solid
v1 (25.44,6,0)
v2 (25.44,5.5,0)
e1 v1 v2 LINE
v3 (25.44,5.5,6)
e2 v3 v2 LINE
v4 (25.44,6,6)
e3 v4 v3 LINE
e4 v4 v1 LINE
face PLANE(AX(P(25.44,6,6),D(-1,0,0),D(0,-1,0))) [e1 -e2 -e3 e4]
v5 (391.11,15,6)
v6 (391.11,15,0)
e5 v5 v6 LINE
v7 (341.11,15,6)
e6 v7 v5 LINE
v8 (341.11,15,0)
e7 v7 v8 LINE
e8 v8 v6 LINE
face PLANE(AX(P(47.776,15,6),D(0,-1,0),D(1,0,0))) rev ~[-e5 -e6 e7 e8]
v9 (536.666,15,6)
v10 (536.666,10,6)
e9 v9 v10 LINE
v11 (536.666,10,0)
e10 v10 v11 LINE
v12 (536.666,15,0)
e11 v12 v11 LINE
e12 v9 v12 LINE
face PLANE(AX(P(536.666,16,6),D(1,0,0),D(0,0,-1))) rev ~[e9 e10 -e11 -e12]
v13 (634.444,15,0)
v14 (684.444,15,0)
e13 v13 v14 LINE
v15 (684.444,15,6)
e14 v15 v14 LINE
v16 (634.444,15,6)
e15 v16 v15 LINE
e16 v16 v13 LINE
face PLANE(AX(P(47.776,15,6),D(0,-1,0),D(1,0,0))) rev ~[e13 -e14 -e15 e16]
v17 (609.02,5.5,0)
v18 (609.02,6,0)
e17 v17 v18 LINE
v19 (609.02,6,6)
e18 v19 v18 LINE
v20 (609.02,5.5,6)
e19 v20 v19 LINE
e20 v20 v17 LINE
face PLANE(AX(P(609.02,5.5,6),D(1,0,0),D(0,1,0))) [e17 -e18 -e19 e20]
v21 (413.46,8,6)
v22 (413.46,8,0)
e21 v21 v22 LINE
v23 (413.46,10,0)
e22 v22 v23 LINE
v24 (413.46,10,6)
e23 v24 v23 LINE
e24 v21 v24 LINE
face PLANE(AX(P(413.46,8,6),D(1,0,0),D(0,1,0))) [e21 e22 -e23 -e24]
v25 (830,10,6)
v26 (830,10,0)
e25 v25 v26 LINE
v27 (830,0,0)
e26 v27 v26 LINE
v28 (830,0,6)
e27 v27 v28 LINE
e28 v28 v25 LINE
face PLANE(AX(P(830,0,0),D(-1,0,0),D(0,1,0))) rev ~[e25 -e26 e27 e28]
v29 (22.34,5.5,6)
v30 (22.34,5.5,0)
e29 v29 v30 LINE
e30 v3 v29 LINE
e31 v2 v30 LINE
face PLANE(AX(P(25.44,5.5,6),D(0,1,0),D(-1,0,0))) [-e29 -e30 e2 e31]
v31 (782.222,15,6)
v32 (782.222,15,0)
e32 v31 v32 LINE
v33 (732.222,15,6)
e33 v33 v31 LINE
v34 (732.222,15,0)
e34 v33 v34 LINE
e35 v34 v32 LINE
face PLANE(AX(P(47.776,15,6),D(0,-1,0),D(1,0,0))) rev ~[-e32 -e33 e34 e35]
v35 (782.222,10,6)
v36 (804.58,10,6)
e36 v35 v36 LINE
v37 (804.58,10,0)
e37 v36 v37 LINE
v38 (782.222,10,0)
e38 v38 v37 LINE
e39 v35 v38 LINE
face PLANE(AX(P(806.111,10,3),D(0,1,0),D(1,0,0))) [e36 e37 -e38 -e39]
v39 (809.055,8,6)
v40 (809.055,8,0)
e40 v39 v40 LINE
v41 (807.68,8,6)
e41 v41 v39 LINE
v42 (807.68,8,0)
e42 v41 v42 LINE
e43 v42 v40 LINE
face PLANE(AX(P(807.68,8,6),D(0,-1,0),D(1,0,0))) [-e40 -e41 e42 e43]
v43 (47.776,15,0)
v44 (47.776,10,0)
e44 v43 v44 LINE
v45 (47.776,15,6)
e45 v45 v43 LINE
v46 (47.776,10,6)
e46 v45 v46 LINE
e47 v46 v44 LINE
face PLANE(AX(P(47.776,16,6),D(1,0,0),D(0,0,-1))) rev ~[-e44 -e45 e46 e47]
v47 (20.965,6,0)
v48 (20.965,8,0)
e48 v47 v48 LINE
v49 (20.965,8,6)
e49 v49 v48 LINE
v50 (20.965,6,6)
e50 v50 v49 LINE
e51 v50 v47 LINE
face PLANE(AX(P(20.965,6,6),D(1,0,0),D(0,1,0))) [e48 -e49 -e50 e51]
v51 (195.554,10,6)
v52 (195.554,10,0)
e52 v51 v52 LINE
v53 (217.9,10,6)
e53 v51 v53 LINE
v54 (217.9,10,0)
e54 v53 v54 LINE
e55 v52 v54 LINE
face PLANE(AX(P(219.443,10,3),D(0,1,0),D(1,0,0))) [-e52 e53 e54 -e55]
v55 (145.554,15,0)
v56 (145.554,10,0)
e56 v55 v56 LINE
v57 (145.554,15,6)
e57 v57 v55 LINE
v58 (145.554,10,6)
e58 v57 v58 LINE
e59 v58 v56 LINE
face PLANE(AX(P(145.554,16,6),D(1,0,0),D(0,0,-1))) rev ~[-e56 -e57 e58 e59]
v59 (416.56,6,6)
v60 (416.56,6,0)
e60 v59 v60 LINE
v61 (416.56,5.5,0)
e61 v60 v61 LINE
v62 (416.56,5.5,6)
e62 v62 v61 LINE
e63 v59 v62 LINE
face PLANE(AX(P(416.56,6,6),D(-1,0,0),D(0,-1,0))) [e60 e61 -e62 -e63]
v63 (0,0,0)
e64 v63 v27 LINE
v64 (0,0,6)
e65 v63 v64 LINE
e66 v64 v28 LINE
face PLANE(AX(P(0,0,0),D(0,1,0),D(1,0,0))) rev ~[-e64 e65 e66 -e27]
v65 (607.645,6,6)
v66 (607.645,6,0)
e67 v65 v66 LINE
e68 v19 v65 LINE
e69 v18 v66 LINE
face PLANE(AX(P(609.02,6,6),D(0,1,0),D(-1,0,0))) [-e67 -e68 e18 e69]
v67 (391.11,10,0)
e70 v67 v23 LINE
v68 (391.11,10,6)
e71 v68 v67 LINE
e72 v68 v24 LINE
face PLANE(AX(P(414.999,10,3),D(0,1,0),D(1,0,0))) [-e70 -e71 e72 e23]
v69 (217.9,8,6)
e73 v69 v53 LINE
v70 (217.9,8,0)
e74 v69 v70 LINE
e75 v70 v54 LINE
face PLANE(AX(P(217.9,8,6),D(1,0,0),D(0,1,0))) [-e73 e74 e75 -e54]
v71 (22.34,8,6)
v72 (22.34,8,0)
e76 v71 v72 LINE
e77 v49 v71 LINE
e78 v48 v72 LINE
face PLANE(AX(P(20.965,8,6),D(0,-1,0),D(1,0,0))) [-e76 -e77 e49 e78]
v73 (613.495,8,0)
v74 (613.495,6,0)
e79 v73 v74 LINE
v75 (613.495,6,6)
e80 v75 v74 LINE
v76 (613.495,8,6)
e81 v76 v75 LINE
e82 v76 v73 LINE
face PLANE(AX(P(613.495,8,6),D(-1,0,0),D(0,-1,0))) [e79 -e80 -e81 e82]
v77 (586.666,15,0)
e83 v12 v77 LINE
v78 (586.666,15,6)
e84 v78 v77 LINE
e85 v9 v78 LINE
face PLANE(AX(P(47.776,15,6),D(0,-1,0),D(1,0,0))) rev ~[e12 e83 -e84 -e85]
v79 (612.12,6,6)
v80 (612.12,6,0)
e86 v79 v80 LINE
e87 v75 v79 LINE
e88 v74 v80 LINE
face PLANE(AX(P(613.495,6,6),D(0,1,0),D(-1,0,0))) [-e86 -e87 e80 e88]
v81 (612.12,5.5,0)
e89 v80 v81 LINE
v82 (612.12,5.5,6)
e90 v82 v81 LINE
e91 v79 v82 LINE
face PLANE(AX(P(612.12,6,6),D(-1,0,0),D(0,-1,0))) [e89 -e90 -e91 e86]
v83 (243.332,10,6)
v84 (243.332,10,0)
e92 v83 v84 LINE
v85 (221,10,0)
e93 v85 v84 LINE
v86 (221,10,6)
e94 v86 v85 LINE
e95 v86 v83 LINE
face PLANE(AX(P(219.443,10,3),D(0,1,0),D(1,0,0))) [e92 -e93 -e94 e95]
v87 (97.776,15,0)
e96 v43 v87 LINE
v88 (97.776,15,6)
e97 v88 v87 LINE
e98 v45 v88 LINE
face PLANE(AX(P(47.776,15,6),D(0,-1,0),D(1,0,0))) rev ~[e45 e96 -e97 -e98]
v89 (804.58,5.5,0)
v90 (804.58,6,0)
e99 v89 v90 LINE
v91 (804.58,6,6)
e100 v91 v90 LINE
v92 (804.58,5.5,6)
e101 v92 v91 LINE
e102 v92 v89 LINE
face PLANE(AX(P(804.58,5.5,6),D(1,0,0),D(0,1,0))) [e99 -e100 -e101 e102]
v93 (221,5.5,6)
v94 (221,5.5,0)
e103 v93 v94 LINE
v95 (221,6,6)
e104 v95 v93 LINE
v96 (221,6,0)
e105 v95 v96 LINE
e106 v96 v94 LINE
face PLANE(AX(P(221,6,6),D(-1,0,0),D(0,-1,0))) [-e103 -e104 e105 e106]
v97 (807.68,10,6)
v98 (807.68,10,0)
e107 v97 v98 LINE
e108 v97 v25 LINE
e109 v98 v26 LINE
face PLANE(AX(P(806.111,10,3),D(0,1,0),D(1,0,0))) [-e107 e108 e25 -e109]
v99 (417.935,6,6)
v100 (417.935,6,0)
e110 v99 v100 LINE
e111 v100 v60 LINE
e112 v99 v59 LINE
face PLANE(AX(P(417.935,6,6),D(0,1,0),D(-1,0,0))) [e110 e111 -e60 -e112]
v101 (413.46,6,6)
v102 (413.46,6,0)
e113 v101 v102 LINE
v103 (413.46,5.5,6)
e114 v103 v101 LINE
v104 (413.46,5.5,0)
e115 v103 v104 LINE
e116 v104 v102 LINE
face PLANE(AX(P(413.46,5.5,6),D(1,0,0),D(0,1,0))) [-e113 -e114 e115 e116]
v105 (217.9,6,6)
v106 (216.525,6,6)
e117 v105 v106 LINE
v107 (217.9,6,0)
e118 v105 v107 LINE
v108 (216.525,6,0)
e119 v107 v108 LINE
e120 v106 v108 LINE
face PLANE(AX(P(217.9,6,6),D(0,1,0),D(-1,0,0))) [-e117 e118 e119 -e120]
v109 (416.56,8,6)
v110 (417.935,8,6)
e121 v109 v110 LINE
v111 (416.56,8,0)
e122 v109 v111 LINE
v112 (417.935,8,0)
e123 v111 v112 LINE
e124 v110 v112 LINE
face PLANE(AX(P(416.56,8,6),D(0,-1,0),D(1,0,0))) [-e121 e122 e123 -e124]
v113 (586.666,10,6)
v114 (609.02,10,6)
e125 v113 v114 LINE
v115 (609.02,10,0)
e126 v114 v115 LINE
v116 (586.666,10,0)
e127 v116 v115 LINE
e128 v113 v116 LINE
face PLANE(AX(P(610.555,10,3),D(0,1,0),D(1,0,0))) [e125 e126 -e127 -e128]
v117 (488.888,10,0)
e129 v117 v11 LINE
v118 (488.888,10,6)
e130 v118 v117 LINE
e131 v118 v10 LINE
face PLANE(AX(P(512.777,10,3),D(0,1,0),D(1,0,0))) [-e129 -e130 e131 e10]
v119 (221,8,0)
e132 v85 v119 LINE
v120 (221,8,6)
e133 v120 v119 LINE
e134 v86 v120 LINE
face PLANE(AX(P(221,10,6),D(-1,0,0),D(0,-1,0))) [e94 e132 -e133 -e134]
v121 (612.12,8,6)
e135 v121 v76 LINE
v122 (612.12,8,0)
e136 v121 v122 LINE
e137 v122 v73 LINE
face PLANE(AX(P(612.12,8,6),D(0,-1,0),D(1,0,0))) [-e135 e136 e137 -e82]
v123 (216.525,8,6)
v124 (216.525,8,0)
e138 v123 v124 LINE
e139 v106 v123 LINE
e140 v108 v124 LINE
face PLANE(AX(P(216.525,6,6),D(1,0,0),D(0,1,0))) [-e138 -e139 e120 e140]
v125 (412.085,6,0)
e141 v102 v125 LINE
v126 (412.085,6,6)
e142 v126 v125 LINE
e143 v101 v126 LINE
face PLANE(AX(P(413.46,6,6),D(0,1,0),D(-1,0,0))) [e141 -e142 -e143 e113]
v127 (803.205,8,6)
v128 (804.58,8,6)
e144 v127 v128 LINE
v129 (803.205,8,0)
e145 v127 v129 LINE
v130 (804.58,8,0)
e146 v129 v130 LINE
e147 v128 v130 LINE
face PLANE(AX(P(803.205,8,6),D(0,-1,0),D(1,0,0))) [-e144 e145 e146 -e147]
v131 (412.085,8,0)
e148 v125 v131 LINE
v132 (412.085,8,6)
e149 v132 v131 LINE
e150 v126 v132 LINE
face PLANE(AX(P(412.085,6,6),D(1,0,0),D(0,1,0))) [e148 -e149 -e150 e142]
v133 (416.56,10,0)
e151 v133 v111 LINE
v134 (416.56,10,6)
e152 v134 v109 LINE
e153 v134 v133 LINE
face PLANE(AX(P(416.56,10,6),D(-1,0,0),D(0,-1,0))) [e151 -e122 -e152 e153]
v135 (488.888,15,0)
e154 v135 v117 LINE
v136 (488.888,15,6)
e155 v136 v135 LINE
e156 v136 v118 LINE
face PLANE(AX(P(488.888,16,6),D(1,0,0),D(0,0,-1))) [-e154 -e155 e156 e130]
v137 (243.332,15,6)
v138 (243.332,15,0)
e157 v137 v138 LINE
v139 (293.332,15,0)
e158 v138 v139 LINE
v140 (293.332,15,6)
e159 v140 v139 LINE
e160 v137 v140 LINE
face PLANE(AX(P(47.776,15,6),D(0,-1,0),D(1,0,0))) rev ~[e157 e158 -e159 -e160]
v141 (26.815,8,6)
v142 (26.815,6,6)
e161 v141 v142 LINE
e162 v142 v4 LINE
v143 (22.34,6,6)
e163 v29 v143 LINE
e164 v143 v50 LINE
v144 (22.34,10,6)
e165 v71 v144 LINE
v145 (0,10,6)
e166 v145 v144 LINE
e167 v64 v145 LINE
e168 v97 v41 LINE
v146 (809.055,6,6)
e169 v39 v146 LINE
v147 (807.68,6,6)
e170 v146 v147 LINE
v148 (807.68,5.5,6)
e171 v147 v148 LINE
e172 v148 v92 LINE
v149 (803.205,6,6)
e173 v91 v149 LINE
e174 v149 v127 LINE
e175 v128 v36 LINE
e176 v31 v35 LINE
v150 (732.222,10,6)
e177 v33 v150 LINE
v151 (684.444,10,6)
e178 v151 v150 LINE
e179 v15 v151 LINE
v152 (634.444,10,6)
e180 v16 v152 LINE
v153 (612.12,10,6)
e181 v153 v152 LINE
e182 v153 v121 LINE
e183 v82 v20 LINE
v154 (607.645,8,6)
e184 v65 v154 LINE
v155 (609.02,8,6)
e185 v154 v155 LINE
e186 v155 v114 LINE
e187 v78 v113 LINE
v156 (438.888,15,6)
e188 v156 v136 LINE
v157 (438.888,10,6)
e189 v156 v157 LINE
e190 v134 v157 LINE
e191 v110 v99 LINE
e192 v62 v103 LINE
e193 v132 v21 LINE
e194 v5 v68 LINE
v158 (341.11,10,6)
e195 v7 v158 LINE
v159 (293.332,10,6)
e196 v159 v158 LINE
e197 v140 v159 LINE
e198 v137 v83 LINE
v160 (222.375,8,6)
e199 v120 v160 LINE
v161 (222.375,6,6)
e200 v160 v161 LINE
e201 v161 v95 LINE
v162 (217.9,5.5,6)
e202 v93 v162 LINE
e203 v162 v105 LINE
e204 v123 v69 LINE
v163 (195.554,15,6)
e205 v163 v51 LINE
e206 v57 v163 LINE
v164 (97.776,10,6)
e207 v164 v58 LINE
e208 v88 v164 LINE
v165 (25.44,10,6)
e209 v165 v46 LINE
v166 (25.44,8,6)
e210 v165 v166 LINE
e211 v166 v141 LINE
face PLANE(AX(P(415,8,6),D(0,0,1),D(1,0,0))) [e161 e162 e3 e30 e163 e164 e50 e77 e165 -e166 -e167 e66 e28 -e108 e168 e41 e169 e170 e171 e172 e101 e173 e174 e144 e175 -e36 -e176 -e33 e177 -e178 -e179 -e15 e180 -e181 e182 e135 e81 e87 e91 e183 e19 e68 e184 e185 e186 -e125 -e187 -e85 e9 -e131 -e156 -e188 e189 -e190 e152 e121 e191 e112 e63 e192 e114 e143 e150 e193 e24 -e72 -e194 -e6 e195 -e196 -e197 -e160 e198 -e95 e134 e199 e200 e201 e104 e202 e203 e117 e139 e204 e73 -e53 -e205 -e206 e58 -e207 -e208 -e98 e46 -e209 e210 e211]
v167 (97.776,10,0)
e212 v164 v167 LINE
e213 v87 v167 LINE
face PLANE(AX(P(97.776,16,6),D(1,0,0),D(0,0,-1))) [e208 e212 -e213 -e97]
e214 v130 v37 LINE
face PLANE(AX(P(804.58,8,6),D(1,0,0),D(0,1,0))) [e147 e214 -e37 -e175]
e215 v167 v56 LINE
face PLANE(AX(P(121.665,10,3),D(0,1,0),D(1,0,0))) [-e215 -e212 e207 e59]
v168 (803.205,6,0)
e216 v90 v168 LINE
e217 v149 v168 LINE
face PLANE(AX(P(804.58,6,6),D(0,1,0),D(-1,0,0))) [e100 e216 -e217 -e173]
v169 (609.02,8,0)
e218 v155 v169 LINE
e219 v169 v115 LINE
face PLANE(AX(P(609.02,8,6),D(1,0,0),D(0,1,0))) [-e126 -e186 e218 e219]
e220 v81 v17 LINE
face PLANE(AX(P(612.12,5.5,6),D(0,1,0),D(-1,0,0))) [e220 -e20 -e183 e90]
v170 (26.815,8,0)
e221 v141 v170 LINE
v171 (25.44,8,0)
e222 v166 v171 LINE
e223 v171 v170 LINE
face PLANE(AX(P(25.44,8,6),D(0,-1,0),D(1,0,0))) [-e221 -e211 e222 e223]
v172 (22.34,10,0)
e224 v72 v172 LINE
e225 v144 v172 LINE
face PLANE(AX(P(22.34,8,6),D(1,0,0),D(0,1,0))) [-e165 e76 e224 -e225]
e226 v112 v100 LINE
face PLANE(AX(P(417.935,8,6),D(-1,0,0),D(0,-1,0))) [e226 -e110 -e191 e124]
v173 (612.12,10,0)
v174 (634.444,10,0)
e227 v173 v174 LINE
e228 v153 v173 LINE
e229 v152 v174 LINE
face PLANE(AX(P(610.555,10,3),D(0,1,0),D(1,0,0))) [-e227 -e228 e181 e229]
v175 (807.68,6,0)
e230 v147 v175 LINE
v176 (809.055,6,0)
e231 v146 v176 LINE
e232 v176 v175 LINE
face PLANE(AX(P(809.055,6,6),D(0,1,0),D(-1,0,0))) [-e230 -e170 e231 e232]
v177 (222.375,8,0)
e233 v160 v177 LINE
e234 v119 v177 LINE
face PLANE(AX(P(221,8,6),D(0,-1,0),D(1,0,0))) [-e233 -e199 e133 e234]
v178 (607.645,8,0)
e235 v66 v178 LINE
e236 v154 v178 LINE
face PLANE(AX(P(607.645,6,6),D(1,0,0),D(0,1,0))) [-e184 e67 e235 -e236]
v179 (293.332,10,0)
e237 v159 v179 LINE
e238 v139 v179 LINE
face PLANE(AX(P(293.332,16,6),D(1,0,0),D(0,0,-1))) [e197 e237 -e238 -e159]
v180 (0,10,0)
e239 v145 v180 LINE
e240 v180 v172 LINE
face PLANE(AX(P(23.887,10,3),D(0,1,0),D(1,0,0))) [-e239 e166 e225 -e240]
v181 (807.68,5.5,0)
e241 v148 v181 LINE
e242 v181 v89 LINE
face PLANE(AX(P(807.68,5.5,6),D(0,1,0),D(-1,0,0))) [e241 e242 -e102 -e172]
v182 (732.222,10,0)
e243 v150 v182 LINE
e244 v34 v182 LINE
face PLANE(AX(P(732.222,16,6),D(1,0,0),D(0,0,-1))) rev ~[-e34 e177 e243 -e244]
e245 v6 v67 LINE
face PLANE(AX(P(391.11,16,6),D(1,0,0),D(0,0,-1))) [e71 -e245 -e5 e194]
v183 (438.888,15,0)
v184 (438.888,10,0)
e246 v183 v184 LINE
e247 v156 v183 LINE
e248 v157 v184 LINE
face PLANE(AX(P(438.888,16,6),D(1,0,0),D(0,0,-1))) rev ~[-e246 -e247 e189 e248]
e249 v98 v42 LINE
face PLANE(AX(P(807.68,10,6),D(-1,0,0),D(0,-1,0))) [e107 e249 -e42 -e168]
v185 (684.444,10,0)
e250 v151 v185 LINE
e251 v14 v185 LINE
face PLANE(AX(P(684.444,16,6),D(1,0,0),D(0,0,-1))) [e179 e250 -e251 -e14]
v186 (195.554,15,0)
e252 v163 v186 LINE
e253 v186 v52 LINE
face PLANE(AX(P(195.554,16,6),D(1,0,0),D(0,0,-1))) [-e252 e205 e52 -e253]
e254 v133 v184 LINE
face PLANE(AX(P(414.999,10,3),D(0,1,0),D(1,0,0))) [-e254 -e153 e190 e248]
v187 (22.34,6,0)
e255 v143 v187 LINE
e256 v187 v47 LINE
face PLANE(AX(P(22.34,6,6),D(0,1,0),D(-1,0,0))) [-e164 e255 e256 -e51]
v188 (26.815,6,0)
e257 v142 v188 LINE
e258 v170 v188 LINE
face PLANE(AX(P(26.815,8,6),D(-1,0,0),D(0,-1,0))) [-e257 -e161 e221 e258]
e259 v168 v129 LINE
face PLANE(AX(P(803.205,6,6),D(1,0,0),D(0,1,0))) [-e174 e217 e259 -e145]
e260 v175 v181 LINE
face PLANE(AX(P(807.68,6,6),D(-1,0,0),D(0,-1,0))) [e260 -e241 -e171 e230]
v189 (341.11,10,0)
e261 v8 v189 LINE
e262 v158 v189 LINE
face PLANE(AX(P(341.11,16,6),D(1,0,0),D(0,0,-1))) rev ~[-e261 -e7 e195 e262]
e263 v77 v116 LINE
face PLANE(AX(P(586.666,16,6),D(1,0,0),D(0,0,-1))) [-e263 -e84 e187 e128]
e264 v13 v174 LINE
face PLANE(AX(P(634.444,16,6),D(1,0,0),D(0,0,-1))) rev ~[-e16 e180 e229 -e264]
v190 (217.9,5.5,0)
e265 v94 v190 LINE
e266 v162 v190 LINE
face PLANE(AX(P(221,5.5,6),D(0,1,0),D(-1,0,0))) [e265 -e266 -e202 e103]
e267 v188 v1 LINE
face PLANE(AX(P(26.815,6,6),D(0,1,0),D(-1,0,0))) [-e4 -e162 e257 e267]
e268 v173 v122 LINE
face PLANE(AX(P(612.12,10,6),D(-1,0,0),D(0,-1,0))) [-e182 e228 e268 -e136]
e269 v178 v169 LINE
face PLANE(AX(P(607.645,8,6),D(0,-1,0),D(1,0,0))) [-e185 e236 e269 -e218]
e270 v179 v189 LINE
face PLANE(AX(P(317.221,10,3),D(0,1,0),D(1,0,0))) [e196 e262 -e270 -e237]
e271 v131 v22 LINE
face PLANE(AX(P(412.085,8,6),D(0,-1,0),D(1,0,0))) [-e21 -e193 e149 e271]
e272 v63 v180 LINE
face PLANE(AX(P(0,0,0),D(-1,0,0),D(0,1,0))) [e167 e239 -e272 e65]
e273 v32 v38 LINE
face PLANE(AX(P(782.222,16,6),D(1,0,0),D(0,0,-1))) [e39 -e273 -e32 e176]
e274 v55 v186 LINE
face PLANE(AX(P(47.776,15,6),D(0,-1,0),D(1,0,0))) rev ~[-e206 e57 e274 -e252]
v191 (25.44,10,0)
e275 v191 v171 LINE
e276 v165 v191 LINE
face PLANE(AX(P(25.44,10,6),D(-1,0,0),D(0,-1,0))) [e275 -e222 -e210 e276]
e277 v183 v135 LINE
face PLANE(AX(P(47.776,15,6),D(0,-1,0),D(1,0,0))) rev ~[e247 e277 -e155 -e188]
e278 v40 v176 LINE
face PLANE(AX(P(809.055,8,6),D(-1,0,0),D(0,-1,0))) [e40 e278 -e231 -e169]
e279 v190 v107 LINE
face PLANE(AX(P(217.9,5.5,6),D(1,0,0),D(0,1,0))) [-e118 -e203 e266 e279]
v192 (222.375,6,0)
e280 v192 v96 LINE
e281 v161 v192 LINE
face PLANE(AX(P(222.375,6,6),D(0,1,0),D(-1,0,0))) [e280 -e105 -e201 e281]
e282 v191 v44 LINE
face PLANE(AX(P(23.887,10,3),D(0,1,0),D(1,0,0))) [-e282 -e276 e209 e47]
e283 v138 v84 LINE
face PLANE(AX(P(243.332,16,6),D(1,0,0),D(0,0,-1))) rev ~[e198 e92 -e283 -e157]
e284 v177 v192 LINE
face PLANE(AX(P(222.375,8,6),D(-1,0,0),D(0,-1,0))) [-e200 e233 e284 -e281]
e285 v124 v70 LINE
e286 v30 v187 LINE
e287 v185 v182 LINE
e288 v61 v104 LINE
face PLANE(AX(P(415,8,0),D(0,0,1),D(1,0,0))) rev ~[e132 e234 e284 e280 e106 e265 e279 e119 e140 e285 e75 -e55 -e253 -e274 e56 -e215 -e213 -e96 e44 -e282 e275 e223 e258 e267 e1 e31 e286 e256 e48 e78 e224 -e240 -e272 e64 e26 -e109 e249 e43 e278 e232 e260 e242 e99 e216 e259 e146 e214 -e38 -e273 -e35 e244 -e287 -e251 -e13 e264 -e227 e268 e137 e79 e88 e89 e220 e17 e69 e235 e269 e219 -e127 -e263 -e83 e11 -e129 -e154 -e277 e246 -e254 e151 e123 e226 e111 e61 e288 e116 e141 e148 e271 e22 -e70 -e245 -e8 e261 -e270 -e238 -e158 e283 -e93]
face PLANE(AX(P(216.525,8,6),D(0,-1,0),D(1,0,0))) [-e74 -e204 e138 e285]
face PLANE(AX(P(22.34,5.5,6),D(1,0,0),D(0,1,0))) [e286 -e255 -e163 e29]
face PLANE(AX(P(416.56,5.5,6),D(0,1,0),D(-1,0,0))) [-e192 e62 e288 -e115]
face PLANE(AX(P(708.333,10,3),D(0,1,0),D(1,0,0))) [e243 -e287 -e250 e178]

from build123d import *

# Parameters (mm, degrees)
SZKIC1_W                    = 830
SZKIC1_H                    = 16
DODANIE_WYCI_GNI_CIE1_DEPTH = 6
SZKIC2_W                    = 47.778
SZKIC2_H                    = 6
WYTNIJ_WYCI_GNI_CIE1_DEPTH  = 6
SZYK_LINIOWY1_COUNT         = 9
SZYK_LINIOWY1_PITCH         = 97.778
WYTNIJ_WYCI_GNI_CIE2_DEPTH  = 6
SZYK_LINIOWY2_COUNT         = 5
SZYK_LINIOWY2_PITCH         = 195.56
SZKIC5_W                    = 734.446
SZKIC5_H                    = 1
WYTNIJ_WYCI_GNI_CIE3_DEPTH  = 10


with BuildPart() as part:
    # Szkic1 → Dodanie-wyciągnięcie1 (new body)
    with BuildSketch(Plane.XY):
        with Locations((415, 8)):
            Rectangle(SZKIC1_W, SZKIC1_H)
    extrude(amount=DODANIE_WYCI_GNI_CIE1_DEPTH)

    # Szkic2 → Wytnij-wyciągnięcie1 (cut)
    with BuildSketch(Plane(origin=(0, 16, 0), x_dir=(1, 0, 0), z_dir=(0, 1, 0))):
        with Locations((806.111, -3)):
            Rectangle(SZKIC2_W, SZKIC2_H)
    wytnij_wyci_gni_cie1 = extrude(amount=-WYTNIJ_WYCI_GNI_CIE1_DEPTH, mode=Mode.SUBTRACT)

    # Szyk liniowy1: Wytnij-wyciągnięcie1 ×9
    with Locations(*[(-i * SZYK_LINIOWY1_PITCH, 0, 0) for i in range(1, SZYK_LINIOWY1_COUNT)]):
        add(wytnij_wyci_gni_cie1, mode=Mode.SUBTRACT)

    # Szkic4 → Wytnij-wyciągnięcie2 (cut)
    with BuildSketch(Plane.XY.offset(6)):
        Polygon((22.34, 10), (25.44, 10), (25.44, 8), (26.815, 8), (26.815, 6), (25.44, 6), (25.44, 5.5), (22.34, 5.5), (22.34, 6), (20.965, 6), (20.965, 8), (22.34, 8), align=None)
    wytnij_wyci_gni_cie2 = extrude(amount=-WYTNIJ_WYCI_GNI_CIE2_DEPTH, mode=Mode.SUBTRACT)

    # Szyk liniowy2: Wytnij-wyciągnięcie2 ×5
    with Locations(*[(i * SZYK_LINIOWY2_PITCH, 0, 0) for i in range(1, SZYK_LINIOWY2_COUNT)]):
        add(wytnij_wyci_gni_cie2, mode=Mode.SUBTRACT)

    # Szkic5 → Wytnij-wyciągnięcie3 (cut)
    with BuildSketch(Plane.XY.offset(6)):
        with Locations((414.999, 15.5)):
            Rectangle(SZKIC5_W, SZKIC5_H)
    extrude(amount=-WYTNIJ_WYCI_GNI_CIE3_DEPTH, mode=Mode.SUBTRACT)


solid = part.part
